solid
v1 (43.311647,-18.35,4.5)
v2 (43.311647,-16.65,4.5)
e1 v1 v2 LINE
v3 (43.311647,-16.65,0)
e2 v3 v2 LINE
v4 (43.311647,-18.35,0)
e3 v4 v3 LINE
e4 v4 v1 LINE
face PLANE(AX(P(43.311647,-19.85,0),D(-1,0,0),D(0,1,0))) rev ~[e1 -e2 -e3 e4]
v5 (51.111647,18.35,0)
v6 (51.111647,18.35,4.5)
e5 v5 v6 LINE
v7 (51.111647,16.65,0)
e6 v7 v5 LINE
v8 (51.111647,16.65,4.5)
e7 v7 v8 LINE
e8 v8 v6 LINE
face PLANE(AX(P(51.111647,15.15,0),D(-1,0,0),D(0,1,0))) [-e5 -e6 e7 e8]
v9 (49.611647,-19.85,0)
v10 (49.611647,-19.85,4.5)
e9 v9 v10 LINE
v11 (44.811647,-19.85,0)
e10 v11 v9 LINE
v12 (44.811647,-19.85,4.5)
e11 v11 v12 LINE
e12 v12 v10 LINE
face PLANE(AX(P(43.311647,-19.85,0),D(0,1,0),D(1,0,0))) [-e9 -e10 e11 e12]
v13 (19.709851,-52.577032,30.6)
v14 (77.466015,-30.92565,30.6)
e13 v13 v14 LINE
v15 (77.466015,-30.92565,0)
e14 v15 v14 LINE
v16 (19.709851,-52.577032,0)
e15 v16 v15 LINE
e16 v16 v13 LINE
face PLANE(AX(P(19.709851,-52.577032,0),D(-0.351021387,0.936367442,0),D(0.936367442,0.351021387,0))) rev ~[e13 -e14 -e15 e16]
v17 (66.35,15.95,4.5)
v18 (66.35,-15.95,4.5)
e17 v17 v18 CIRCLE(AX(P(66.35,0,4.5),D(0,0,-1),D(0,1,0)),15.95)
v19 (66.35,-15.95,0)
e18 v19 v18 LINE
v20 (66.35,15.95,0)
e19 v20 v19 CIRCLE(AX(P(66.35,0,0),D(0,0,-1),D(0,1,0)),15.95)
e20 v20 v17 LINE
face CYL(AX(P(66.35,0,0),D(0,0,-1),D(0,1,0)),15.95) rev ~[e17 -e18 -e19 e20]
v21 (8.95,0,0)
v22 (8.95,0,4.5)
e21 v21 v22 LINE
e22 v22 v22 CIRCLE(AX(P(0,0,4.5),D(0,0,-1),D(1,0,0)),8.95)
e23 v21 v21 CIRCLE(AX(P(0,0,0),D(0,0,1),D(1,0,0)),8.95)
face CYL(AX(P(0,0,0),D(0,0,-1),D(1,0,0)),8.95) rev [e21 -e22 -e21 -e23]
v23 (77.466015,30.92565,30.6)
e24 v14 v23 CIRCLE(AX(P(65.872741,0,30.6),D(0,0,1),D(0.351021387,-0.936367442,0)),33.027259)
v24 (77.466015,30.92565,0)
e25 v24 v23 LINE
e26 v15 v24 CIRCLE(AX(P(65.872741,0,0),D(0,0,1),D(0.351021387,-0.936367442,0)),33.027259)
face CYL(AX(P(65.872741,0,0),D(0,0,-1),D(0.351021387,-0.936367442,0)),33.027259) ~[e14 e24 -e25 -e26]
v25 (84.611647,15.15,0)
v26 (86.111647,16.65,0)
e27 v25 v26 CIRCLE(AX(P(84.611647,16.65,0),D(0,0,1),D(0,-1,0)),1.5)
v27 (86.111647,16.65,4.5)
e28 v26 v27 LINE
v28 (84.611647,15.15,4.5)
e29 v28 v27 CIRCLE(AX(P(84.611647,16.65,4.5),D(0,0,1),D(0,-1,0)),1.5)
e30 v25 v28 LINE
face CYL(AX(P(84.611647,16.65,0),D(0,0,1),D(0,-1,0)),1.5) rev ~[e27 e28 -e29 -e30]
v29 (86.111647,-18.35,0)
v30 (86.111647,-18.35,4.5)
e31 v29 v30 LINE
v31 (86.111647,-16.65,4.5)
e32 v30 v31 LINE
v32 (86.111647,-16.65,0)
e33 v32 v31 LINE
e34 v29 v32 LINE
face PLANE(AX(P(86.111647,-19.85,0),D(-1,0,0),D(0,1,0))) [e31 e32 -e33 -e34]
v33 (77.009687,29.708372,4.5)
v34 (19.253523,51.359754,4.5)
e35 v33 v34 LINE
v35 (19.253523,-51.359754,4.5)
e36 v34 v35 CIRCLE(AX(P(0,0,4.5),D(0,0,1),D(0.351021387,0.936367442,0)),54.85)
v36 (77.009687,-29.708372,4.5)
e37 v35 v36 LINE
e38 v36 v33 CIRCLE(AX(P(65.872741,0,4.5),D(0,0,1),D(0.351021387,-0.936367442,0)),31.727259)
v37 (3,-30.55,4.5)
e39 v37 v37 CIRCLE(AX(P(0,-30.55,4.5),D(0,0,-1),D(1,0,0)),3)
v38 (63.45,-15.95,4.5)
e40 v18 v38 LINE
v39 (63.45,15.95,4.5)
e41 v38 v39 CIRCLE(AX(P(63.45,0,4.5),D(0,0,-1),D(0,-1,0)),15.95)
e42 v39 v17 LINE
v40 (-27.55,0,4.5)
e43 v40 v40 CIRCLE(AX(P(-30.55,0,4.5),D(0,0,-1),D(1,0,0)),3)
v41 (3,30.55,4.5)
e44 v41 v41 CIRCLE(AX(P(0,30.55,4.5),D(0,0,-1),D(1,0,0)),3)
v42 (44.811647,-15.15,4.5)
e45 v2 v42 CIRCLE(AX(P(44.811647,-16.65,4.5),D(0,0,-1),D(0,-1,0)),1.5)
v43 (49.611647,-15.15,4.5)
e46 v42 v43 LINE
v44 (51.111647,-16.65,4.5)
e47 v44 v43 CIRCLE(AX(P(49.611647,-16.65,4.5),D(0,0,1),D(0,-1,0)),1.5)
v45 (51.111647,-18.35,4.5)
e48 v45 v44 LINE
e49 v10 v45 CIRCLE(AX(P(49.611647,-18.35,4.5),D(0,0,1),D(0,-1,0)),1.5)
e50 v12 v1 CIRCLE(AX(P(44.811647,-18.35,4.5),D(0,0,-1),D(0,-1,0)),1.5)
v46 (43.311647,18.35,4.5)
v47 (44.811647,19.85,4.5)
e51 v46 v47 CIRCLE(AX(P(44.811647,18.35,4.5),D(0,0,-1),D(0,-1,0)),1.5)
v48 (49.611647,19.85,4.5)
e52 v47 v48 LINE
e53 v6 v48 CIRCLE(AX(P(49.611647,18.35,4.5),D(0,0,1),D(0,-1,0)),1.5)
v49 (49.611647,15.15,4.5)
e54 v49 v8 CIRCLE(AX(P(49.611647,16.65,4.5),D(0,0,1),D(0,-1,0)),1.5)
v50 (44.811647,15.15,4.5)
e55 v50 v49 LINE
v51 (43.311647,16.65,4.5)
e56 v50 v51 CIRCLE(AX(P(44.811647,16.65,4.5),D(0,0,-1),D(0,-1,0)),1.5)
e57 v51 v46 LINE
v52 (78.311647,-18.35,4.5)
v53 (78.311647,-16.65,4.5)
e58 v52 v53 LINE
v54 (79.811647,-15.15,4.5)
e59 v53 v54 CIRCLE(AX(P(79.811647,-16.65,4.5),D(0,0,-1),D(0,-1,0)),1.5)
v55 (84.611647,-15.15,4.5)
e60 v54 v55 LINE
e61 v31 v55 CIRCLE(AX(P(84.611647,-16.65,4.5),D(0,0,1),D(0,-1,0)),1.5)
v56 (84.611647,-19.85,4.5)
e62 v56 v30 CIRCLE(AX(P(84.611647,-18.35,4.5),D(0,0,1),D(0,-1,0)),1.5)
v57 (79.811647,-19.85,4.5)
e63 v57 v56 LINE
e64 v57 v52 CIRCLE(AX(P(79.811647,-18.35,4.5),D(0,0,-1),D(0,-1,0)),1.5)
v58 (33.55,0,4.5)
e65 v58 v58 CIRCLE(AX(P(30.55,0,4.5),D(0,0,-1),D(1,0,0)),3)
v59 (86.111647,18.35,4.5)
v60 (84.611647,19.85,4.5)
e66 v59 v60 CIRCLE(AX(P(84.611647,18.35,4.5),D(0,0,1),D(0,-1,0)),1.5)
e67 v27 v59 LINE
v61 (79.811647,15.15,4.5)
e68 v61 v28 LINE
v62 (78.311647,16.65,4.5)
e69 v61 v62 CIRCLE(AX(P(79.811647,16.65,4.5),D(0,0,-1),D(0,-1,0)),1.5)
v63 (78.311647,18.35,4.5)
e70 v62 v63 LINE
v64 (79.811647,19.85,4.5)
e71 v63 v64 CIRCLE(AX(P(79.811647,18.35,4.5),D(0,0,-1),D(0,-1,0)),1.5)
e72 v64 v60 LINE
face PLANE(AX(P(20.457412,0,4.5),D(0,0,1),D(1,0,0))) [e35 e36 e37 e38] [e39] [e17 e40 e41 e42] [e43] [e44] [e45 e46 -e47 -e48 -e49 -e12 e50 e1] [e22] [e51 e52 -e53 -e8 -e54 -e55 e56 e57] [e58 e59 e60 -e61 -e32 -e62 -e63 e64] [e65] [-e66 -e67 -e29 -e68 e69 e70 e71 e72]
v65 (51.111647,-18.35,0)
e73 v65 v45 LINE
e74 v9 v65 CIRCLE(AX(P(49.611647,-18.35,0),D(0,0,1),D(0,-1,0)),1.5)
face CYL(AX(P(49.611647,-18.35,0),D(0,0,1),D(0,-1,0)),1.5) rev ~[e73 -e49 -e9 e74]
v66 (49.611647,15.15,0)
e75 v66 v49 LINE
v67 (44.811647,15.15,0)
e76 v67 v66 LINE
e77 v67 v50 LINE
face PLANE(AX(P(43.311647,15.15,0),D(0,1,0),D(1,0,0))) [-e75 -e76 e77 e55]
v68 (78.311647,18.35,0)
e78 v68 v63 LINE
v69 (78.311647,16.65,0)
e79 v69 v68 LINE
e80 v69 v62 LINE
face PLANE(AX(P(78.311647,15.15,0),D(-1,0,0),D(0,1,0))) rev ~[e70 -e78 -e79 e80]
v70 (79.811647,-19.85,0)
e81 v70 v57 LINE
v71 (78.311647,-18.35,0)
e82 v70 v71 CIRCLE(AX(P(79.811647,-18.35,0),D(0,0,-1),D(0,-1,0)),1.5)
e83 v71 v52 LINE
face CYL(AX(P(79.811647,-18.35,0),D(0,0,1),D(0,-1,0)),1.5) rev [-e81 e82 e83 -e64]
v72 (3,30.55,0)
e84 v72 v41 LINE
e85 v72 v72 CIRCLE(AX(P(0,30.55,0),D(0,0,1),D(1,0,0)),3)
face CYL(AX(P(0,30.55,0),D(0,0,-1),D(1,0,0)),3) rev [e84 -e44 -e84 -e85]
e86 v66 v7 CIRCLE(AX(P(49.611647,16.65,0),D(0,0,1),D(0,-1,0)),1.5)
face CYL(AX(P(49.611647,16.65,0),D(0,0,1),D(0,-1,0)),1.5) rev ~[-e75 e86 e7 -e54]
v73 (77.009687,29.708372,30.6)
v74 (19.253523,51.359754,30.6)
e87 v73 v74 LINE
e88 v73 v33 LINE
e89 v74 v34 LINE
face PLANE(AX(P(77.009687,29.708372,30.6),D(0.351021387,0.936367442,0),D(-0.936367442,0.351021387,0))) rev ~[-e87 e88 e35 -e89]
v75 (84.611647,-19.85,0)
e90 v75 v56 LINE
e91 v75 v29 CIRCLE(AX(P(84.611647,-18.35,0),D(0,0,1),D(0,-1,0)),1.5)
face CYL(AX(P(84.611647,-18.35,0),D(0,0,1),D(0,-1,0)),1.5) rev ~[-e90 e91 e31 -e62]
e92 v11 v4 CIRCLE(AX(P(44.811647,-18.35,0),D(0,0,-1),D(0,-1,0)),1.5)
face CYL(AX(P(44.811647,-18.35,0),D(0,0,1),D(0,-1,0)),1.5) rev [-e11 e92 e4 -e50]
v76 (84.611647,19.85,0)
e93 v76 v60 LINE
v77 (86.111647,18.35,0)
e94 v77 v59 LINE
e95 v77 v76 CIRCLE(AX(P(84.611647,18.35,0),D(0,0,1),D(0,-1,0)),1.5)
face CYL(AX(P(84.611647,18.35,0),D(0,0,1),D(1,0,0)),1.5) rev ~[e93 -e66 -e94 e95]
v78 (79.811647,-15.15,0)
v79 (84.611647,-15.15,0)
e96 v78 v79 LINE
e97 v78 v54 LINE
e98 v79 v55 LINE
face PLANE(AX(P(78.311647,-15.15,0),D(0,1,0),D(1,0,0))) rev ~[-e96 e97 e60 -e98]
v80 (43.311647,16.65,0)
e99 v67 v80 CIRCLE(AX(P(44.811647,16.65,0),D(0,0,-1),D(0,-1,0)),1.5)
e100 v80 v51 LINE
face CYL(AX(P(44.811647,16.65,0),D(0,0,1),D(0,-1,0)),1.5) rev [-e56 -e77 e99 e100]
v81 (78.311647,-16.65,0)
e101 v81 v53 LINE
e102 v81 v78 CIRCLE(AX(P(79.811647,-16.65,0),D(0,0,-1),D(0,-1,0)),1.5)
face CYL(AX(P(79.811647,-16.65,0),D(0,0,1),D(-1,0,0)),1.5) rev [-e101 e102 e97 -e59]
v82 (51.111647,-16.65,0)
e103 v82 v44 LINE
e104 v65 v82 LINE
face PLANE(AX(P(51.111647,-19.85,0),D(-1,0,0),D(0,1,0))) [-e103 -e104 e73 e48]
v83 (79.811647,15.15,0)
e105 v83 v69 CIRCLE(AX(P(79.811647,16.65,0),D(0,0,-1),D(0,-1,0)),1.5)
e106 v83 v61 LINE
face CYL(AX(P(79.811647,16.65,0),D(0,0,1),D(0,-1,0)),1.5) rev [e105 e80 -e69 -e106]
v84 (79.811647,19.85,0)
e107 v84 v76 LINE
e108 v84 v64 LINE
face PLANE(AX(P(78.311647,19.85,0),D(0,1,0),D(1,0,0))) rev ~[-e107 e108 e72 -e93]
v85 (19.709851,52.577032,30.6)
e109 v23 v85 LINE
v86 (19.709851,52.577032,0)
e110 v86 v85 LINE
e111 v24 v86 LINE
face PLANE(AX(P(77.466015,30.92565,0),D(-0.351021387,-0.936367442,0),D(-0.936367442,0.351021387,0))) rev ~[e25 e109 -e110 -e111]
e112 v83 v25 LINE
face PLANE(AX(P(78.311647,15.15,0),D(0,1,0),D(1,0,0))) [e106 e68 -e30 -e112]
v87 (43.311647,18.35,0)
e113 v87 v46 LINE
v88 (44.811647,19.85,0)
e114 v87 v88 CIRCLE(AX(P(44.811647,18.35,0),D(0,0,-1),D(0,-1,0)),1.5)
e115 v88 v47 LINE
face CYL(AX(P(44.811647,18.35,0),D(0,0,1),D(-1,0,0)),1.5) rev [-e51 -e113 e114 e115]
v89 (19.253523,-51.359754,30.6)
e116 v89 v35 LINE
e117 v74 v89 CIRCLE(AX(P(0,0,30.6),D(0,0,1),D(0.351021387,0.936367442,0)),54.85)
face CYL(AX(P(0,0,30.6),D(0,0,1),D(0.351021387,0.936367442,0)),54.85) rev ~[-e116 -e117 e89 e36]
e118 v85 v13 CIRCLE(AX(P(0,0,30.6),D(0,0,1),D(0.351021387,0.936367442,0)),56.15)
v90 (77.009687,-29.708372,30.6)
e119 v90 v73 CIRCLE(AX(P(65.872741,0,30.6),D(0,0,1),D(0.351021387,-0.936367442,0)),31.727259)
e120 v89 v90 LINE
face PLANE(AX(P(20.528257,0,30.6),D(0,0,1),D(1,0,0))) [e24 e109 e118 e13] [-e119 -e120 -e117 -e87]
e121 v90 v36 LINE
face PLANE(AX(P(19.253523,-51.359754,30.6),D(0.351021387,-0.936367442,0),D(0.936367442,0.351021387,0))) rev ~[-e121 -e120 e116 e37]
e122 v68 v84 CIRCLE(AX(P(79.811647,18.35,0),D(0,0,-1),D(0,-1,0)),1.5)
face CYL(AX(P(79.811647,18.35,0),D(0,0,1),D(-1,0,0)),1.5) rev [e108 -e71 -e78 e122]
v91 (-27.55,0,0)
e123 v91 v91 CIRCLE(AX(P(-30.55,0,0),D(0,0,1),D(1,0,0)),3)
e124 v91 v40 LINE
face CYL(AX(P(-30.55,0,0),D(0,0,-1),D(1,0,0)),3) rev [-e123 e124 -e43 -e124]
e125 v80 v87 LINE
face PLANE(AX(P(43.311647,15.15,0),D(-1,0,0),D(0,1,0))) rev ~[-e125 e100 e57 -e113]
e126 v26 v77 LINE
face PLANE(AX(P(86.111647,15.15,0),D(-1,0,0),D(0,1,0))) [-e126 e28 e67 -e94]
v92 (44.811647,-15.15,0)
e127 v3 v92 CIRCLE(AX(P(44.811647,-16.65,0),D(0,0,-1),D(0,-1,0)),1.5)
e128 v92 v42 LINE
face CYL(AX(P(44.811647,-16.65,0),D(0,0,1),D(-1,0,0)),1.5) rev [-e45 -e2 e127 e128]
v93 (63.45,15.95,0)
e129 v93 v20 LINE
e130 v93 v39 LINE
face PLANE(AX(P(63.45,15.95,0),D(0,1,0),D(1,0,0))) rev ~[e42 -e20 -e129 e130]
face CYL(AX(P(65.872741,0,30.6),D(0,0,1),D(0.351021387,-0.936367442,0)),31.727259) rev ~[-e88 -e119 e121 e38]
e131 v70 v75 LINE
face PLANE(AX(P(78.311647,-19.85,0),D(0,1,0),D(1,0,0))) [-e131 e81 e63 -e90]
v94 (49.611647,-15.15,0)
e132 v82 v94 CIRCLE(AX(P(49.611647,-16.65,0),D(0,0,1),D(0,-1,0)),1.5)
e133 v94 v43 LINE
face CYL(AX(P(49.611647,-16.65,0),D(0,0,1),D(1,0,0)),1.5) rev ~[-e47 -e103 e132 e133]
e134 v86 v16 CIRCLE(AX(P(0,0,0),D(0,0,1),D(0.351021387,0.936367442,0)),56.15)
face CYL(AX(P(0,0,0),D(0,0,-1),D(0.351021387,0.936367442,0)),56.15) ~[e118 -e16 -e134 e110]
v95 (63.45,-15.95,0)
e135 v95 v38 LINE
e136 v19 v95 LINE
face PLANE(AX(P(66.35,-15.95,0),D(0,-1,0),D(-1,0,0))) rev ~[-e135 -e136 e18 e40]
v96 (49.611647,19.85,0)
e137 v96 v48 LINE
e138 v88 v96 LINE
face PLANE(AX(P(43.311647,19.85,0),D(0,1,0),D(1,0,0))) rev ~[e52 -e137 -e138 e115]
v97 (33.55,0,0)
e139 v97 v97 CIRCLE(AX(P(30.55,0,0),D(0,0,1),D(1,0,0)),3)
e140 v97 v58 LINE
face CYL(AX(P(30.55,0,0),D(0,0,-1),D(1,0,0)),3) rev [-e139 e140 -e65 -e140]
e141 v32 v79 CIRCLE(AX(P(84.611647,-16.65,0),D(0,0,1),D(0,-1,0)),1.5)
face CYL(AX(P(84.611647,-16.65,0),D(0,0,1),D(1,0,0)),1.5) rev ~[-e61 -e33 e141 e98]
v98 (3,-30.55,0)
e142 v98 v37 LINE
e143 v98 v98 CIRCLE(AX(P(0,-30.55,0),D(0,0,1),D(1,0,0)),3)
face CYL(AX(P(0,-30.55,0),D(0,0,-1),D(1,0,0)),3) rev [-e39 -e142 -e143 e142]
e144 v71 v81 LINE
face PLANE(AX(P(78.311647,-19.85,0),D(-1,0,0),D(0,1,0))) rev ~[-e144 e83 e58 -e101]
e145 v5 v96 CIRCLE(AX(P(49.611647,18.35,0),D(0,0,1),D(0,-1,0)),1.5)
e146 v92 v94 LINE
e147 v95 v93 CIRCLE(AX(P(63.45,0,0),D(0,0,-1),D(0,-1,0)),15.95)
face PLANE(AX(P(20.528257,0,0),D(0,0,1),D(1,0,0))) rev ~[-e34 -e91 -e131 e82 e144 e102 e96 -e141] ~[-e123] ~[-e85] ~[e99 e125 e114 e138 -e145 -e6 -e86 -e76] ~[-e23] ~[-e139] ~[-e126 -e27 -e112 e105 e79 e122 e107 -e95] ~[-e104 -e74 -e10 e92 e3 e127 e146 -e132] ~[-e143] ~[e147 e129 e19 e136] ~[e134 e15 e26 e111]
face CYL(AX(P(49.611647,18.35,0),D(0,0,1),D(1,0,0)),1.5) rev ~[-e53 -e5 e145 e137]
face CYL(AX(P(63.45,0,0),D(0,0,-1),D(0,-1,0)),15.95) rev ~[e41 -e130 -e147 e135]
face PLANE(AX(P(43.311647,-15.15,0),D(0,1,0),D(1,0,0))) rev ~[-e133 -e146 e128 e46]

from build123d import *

# Parameters (mm, degrees)
SKETCH1_R           = 3
SKETCH1_W           = 7.8
SKETCH1_H           = 4.7
SKETCH1_R_2         = 8.95
BOSS_EXTRUDE1_DEPTH = 30.6
CUT_EXTRUDE1_DEPTH  = 26.1
FILETE1_R           = 1.5


with BuildPart() as part:
    # Sketch1 → Boss-Extrude1 (new body)
    with BuildSketch(Plane.XY):
        with BuildLine():
            ThreePointArc((77.466015174, -30.925650144), (98.9, 0), (77.466015174, 30.925650144))
            Line((77.466015174, 30.925650144), (19.70985088, 52.577031851))
            ThreePointArc((19.70985088, 52.577031851), (-56.15, 0), (19.70985088, -52.577031851))
            Line((19.70985088, -52.577031851), (77.466015174, -30.925650144))
        make_face()
        with BuildLine():
            Line((63.45, 15.95), (66.35, 15.95))
            ThreePointArc((66.35, 15.95), (82.3, 0), (66.35, -15.95))
            Line((66.35, -15.95), (63.45, -15.95))
            ThreePointArc((63.45, -15.95), (47.5, 0), (63.45, 15.95))
        make_face(mode=Mode.SUBTRACT)
        with Locations((30.55, 0)):
            Circle(SKETCH1_R, mode=Mode.SUBTRACT)
        with Locations((82.211647497, -17.5)):
            Rectangle(SKETCH1_W, SKETCH1_H, mode=Mode.SUBTRACT)
        with Locations((82.211647497, 17.5)):
            Rectangle(SKETCH1_W, SKETCH1_H, mode=Mode.SUBTRACT)
        with Locations((47.211647497, 17.5)):
            Rectangle(SKETCH1_W, SKETCH1_H, mode=Mode.SUBTRACT)
        with Locations((47.211647497, -17.5)):
            Rectangle(SKETCH1_W, SKETCH1_H, mode=Mode.SUBTRACT)
        Circle(SKETCH1_R_2, mode=Mode.SUBTRACT)
        with Locations((0, 30.55)):
            Circle(SKETCH1_R, mode=Mode.SUBTRACT)
        with Locations((0, -30.55)):
            Circle(SKETCH1_R, mode=Mode.SUBTRACT)
        with Locations((-30.55, 0)):
            Circle(SKETCH1_R, mode=Mode.SUBTRACT)
    extrude(amount=BOSS_EXTRUDE1_DEPTH)

    # Sketch2 → Cut-Extrude1 (cut)
    with BuildSketch(Plane.XY.offset(30.6)):
        with BuildLine():
            Line((77.009687371, 29.70837247), (19.253523077, 51.359754177))
            ThreePointArc((19.253523077, 51.359754177), (-54.85, 0), (19.253523077, -51.359754177))
            Line((19.253523077, -51.359754177), (77.009687371, -29.70837247))
            ThreePointArc((77.009687371, -29.70837247), (97.6, 0), (77.009687371, 29.70837247))
        make_face()
    extrude(amount=-CUT_EXTRUDE1_DEPTH, mode=Mode.SUBTRACT)

    # Filete1
    filete1_edges = [part.edges().sort_by_distance(p)[0] for p in [
        (51.111647497, -19.85, 2.25),
        (51.111647497, -15.15, 2.25),
        (86.111647497, -19.85, 2.25),
        (86.111647497, -15.15, 2.25),
        (51.111647497, 15.15, 2.25),
        (51.111647497, 19.85, 2.25),
        (43.311647497, -15.15, 2.25),
        (43.311647497, -19.85, 2.25),
        (78.311647497, -15.15, 2.25),
        (78.311647497, -19.85, 2.25),
        (86.111647497, 15.15, 2.25),
        (86.111647497, 19.85, 2.25),
        (78.311647497, 19.85, 2.25),
        (78.311647497, 15.15, 2.25),
        (43.311647497, 19.85, 2.25),
        (43.311647497, 15.15, 2.25),
    ]]
    fillet(filete1_edges, radius=FILETE1_R)


solid = part.part
